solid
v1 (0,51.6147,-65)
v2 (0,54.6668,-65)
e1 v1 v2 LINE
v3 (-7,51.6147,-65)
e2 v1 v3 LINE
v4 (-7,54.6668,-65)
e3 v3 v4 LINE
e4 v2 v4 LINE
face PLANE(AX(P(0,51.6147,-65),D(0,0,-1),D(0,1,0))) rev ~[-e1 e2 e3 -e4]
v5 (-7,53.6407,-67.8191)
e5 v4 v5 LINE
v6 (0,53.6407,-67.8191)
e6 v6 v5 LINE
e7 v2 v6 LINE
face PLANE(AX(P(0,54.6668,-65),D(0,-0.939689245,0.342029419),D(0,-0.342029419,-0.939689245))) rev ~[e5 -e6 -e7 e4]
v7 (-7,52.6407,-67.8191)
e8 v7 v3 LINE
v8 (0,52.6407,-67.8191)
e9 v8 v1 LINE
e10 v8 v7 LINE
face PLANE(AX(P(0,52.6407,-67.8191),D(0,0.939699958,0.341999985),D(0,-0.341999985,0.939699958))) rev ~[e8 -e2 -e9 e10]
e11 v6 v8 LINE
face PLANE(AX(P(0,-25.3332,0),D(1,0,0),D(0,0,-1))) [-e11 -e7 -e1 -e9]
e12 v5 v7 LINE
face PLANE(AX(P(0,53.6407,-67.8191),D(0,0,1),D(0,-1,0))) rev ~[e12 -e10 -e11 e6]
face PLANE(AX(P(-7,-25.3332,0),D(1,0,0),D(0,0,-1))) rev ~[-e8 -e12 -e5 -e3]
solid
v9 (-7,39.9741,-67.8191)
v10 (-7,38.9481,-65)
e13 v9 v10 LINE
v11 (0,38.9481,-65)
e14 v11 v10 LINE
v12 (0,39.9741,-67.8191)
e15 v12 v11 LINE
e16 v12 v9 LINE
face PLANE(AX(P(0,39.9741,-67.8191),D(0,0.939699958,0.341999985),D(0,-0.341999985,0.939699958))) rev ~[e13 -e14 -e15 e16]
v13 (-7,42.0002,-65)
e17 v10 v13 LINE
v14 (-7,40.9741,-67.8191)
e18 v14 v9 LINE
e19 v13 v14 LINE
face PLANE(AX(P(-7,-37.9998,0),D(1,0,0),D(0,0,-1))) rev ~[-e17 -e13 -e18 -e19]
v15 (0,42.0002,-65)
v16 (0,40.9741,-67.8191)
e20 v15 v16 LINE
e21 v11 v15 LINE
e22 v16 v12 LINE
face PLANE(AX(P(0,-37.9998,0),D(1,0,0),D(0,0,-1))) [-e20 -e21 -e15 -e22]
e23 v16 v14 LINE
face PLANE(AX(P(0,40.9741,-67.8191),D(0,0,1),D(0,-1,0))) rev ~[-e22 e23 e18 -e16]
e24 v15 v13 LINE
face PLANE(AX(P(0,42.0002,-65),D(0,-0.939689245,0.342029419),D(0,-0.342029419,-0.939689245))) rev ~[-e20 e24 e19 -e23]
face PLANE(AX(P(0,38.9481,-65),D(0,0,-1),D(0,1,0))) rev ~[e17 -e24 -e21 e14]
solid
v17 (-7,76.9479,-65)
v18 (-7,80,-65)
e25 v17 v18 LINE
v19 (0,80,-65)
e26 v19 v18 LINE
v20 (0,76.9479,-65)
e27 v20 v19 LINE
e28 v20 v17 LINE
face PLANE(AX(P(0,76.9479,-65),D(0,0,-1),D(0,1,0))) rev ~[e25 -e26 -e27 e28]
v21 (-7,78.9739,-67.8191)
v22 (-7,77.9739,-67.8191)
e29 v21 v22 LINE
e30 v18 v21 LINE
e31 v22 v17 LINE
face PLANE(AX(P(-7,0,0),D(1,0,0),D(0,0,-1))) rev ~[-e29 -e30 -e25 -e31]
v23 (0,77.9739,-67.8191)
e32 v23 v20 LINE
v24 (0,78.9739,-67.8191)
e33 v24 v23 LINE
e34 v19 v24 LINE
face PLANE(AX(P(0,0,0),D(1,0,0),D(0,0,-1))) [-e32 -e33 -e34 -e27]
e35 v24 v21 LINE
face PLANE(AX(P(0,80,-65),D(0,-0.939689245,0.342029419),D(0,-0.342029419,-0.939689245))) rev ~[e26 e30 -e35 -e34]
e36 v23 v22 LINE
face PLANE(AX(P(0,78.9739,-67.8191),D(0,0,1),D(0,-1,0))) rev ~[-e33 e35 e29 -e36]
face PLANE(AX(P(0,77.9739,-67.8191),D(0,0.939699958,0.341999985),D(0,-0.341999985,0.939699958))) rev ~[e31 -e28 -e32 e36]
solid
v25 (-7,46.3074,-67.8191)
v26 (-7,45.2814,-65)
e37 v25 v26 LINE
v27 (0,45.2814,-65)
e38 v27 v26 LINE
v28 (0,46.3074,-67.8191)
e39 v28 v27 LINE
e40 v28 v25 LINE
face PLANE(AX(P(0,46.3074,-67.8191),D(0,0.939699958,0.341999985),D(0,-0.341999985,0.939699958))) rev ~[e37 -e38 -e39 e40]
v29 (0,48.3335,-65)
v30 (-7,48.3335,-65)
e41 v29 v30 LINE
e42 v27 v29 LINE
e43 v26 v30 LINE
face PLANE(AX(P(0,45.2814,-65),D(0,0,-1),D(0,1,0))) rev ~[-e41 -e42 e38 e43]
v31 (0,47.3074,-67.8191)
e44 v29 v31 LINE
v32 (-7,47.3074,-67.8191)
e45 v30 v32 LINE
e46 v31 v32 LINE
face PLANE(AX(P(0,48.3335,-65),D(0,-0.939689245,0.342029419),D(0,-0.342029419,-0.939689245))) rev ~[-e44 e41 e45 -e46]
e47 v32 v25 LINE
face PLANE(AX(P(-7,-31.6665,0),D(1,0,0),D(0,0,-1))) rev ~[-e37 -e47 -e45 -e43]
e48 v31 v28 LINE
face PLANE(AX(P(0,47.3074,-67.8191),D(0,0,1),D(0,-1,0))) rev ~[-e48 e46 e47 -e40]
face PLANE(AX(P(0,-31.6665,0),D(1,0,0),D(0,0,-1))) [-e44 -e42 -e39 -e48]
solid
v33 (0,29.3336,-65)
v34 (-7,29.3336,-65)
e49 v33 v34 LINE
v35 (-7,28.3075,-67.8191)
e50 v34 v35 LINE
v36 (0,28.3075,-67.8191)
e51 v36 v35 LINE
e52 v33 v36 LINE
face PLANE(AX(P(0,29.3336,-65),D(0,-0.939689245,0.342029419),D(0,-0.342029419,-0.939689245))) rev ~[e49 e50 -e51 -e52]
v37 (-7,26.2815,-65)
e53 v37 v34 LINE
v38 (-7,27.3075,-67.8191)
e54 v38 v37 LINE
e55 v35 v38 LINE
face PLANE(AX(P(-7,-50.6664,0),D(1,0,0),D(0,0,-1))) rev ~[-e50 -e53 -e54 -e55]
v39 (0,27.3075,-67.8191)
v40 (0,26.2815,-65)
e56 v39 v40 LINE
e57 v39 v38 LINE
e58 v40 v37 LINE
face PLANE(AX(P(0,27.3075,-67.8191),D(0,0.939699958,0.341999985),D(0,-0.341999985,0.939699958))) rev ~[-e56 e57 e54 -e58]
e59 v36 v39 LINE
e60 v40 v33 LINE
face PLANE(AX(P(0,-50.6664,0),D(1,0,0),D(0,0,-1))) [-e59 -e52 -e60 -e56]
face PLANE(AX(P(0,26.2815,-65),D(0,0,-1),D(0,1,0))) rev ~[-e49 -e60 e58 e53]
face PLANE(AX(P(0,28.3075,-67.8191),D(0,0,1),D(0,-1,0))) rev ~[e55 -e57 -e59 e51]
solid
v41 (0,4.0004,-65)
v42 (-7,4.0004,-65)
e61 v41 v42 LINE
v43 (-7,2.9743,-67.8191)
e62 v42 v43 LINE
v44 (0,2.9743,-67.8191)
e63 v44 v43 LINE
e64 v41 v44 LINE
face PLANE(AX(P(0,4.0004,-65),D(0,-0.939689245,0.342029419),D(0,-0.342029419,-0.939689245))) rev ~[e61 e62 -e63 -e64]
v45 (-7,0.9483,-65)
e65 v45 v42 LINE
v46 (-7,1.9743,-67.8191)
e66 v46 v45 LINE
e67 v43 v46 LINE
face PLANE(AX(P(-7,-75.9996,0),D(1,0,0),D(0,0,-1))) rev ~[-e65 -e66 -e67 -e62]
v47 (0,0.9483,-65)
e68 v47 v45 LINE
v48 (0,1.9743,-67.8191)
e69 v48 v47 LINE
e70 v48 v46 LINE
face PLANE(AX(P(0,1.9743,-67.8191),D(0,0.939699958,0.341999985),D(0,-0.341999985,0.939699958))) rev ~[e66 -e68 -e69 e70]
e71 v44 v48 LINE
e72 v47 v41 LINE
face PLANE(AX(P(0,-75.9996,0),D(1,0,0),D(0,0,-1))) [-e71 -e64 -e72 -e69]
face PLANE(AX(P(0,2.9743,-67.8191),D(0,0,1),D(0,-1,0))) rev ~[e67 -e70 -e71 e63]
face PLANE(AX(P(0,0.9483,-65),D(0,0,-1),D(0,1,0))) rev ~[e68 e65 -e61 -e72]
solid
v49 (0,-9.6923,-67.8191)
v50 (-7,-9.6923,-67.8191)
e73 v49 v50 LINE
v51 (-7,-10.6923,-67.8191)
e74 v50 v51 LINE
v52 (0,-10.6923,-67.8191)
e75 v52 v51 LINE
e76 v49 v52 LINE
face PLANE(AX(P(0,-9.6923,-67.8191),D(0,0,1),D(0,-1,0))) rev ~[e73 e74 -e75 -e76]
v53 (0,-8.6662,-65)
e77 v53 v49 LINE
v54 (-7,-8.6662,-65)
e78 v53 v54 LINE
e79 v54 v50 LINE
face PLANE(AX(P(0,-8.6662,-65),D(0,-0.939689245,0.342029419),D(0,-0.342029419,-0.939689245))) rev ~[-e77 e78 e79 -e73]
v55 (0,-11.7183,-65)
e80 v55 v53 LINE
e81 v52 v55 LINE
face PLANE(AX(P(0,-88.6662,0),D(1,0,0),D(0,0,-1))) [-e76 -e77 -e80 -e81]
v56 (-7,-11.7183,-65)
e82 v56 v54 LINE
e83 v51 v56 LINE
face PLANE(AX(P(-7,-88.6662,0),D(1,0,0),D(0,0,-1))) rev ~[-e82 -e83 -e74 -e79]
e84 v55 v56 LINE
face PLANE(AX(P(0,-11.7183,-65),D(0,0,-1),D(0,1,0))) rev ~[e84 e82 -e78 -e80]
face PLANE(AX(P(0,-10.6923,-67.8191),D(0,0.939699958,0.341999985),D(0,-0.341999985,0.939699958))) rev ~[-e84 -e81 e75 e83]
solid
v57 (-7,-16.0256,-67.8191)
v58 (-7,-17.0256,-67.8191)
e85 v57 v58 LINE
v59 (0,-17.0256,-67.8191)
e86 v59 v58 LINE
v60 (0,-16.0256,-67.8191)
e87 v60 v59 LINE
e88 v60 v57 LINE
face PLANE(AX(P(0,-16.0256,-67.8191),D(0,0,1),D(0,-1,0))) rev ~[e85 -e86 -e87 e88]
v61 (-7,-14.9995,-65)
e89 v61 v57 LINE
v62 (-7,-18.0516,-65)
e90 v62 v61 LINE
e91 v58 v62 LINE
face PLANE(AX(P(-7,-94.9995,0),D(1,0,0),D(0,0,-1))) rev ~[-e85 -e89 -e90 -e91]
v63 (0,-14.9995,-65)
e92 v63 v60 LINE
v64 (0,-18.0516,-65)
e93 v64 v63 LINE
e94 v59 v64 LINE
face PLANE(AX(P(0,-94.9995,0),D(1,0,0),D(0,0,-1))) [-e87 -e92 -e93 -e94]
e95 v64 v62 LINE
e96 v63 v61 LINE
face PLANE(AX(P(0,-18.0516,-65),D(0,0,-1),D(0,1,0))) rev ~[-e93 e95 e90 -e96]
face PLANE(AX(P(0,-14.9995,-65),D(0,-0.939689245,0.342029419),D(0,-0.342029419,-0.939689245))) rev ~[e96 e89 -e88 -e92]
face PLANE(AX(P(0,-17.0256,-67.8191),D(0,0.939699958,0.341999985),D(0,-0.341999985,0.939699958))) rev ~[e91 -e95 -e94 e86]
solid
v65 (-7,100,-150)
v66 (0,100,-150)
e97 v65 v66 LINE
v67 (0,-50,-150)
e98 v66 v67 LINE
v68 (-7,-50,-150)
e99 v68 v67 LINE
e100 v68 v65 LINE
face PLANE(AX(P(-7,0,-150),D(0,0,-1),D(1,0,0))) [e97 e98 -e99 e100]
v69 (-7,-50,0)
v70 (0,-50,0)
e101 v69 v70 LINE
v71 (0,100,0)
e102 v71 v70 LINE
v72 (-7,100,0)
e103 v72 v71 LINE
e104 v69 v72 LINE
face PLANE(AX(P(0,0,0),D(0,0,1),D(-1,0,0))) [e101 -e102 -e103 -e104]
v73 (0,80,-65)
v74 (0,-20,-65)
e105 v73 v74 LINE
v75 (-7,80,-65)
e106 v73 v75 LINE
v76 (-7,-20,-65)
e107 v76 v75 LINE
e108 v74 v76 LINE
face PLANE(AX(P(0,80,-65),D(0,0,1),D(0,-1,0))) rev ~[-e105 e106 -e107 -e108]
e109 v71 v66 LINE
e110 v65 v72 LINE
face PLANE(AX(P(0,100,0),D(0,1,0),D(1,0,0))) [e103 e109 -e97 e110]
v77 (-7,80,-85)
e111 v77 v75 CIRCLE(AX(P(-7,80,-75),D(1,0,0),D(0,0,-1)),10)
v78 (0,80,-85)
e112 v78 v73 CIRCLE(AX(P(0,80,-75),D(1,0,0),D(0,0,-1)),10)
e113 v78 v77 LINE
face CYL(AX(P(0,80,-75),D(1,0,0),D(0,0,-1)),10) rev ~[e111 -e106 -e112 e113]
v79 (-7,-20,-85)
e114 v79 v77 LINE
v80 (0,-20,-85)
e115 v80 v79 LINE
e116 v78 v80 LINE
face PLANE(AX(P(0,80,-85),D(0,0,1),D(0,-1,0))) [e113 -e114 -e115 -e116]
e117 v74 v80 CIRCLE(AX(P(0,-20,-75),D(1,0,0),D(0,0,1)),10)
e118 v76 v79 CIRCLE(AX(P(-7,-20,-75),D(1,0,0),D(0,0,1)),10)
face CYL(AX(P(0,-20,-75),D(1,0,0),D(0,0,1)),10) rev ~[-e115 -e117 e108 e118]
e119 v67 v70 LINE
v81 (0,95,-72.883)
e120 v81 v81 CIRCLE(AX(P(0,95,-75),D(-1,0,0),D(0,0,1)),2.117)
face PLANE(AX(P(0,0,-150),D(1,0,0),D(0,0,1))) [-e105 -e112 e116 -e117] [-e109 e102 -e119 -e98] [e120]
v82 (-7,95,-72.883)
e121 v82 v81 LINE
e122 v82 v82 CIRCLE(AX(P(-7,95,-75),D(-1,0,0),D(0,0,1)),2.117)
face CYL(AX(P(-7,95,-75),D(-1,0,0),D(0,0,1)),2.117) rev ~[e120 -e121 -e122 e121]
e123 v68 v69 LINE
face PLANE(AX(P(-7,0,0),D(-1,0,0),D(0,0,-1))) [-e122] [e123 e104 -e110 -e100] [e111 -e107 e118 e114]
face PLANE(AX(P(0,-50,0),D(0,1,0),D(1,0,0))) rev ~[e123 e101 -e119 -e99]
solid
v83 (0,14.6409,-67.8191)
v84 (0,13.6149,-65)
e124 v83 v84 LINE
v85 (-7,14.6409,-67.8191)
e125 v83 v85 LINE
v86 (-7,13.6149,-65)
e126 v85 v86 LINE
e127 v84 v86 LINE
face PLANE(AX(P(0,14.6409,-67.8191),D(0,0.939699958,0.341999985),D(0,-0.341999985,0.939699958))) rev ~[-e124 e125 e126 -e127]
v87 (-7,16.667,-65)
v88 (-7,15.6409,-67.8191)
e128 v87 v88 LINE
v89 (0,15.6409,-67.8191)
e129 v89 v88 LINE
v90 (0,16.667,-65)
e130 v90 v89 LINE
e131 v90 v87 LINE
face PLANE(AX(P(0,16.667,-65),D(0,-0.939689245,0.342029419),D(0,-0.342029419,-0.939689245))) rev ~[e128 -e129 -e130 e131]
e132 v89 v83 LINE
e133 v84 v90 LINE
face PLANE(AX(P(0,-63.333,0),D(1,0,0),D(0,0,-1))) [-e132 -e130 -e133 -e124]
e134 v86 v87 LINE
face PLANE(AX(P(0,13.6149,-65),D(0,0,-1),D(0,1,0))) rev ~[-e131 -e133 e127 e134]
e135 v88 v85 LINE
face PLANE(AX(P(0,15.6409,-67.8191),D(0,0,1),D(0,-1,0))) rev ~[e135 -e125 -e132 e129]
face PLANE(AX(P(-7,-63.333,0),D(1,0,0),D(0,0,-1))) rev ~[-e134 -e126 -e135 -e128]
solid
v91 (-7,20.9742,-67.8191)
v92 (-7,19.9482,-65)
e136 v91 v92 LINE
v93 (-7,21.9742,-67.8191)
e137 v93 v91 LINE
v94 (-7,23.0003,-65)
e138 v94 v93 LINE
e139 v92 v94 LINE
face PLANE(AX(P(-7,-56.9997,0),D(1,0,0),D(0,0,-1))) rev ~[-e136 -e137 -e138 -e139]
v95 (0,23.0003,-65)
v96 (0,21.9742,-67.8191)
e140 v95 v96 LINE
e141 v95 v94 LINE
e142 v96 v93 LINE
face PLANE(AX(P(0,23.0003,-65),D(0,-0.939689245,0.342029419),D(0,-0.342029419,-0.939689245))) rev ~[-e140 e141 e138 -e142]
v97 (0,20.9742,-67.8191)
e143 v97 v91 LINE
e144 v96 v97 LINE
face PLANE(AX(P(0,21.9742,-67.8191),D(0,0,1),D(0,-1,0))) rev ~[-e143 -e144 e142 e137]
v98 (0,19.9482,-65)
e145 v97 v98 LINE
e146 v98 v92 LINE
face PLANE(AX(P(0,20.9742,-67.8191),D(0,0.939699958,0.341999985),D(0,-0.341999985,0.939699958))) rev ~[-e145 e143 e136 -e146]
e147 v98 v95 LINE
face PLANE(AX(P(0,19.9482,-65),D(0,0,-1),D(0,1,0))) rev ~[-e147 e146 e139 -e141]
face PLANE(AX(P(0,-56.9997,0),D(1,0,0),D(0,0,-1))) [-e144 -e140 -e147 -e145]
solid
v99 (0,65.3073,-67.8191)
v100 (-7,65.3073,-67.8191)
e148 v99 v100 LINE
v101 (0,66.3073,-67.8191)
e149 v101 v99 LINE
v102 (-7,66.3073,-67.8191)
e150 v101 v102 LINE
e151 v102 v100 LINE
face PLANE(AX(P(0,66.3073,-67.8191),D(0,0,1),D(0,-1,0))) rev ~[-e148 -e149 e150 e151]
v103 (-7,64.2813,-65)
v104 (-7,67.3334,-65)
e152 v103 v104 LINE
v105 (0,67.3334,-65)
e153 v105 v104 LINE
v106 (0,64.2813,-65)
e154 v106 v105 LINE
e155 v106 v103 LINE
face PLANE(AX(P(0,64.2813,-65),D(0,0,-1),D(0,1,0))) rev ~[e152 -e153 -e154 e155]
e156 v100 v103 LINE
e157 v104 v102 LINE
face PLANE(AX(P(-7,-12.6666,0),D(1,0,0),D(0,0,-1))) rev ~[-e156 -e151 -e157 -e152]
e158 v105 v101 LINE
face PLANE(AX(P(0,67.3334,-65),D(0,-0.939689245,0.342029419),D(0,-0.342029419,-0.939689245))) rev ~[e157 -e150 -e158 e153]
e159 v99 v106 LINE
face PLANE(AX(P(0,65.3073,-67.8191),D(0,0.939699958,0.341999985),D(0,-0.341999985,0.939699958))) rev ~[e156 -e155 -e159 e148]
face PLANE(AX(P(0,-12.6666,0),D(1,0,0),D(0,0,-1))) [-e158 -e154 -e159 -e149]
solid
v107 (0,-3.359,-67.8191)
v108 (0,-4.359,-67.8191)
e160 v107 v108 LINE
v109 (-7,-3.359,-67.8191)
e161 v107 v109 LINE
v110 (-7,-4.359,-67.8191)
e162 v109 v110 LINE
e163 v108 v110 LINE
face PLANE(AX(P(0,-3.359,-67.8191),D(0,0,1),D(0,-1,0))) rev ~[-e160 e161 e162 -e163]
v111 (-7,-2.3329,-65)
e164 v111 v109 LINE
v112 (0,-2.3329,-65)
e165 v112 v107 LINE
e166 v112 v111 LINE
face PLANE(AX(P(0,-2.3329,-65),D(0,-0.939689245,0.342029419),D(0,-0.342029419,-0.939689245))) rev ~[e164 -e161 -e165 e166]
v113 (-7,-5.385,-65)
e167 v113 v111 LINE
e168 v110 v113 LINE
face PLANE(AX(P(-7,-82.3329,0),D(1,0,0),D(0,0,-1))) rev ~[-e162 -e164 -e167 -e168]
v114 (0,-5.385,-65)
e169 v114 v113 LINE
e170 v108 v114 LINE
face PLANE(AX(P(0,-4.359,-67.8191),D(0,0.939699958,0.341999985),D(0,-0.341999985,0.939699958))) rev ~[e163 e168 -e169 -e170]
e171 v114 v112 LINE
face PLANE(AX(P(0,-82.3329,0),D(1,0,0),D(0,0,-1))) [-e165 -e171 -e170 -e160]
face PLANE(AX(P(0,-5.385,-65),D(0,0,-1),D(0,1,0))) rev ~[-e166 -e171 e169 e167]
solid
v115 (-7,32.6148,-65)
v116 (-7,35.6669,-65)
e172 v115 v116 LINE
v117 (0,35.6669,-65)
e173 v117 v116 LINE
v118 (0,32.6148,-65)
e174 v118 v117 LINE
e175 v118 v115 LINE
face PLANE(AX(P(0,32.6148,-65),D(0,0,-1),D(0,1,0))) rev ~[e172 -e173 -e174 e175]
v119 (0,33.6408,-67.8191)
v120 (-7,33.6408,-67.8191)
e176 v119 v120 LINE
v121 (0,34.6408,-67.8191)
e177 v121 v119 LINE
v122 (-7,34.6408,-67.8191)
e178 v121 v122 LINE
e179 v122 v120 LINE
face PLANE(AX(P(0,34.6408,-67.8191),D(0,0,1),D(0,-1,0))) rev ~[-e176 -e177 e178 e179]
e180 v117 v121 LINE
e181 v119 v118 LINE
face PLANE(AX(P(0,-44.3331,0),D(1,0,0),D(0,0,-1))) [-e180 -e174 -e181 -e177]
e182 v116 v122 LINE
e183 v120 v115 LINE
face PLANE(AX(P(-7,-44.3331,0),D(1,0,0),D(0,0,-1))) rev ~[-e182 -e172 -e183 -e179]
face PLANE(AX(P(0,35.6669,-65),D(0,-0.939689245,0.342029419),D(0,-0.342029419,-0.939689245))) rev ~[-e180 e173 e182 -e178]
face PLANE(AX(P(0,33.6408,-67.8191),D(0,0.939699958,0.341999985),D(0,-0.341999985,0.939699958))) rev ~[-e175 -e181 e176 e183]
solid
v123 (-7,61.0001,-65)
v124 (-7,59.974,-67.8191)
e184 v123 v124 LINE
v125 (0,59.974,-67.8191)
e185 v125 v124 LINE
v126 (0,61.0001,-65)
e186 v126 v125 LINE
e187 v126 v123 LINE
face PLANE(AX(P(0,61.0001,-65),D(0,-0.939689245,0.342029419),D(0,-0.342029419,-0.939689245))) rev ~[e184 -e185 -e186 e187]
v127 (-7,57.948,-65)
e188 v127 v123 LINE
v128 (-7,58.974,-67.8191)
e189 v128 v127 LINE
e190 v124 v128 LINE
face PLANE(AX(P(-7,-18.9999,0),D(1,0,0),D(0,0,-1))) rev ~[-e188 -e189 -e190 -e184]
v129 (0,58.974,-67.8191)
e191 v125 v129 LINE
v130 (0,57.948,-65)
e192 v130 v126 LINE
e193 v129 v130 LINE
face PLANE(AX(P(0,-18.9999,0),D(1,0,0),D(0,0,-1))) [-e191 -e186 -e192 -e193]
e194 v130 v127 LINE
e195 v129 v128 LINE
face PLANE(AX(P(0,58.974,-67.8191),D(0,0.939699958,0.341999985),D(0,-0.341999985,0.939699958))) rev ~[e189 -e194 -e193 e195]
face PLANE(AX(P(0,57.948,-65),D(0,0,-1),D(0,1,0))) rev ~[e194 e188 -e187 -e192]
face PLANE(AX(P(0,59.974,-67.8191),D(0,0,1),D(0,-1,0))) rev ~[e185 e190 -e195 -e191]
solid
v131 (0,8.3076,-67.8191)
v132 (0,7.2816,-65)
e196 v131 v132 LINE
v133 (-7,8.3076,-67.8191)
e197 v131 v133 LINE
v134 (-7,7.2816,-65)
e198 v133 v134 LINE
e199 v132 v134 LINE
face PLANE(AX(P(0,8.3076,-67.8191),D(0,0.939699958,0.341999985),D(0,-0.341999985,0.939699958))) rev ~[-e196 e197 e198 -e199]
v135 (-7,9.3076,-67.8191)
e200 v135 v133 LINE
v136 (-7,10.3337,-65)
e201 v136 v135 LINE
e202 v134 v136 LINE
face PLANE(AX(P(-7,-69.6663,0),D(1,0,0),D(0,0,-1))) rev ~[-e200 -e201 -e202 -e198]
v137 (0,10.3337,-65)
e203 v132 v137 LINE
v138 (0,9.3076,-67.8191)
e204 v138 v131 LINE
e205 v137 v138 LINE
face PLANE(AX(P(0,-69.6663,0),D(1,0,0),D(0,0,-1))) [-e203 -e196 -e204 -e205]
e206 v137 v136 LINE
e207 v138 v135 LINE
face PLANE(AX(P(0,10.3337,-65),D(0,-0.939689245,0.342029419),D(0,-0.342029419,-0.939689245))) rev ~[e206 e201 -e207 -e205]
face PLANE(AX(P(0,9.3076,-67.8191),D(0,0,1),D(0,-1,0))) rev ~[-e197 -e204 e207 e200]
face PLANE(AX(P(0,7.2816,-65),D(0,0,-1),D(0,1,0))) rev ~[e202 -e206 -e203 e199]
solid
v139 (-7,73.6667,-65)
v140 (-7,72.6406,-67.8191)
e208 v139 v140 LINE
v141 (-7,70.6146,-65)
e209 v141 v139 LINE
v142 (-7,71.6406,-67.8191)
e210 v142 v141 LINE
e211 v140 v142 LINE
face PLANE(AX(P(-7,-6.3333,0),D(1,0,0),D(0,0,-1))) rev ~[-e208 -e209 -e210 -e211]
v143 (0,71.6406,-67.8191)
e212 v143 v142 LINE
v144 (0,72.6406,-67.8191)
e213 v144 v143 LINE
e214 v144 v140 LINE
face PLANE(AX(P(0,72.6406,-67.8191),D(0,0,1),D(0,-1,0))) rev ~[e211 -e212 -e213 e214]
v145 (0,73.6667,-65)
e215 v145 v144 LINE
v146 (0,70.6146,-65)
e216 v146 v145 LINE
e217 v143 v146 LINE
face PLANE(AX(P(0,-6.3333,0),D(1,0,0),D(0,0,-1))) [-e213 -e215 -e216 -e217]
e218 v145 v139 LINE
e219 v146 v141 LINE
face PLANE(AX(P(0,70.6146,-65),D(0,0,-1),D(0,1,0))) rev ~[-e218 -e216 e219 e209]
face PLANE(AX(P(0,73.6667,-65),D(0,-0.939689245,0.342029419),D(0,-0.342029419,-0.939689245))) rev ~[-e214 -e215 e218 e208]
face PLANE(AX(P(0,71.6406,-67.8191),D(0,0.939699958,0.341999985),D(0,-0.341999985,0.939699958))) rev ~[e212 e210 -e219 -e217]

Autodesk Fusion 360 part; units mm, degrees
sketch "Sketch1" plane through (0, 0, 0) normal (0, 1, 0) x (1, 0, 0)
  line L0 (-7, 150) -> (0, 150)
  line L1 (0, 150) -> (0, 0)
  line L2 (0, 0) -> (-7, 0)
  line L3 (-7, 0) -> (-7, 150)
  dimension "d1" = 7
  dimension "d2" = 150
extrude "Extrude1" add sketch "Sketch1" along normal blind 100 and the other way blind 50 makes body 1
sketch "Sketch3" plane through (0, 0, 0) normal (1, 0, 0) x (0, 0, -1)
  line L0 (150, -50) -> (150, 100)
  line L1 (150, 100) -> (0, 100)
  line L2 (0, 100) -> (0, -50)
  line L3 (0, -50) -> (150, -50)
  line L4 (65, 80) -> (65, -20)
  line L5 (85, 80) -> (85, -20)
  arc A0 (85, 80) -> (65, 80) centre (75, 80) ccw
  arc A1 (65, -20) -> (85, -20) centre (75, -20) ccw
  dimension "d5" = 100
  dimension "d6" = 100
  dimension "d9" = 20
  dimension "d10" = 65
extrude "Extrude2" cut sketch "Sketch3" against normal blind 60 contours L4 L5 A0 A1 bodies 1
sketch "草图4" plane through (-7, 0, 0) normal (-1, 0, 0) x (0, 0, 1)
  line L0 (-65, 80) -> (-65, -20)
  arc A0 (-85, -20) -> (-65, -20) centre (-75, -20) ccw
  line L1 (-85, -20) -> (-85, 80)
  arc A1 (-65, 80) -> (-85, 80) centre (-75, 80) ccw
  line L2 (0, -50) -> (0, 100)
  line L3 (0, 100) -> (-150, 100)
  line L4 (-150, 100) -> (-150, -50)
  line L5 (-150, -50) -> (0, -50)
  circle A2 centre (-75, 95) radius 2.5
  dimension "d13" = 5
  dimension "d14" = 5
extrude "拉伸3" cut sketch "草图4" against normal through all contours A2 bodies 1
sketch "草图5" plane through (0, 0, 0) normal (1, 0, 0) x (0, 0, -1)
  circle A0 centre (75, 95) radius 2.5
  line L0 (65, -20) -> (65, 80)
  arc A1 (85, 80) -> (65, 80) centre (75, 80) ccw
  line L1 (85, 80) -> (85, -20)
  arc A2 (65, -20) -> (85, -20) centre (75, -20) ccw
  line L2 (150, -50) -> (150, 100)
  line L3 (150, 100) -> (0, 100)
  line L4 (0, 100) -> (0, -50)
  line L5 (0, -50) -> (150, -50)
  line L6 (65, 80) -> (67.8191, 78.9739)
  line L7 (65, 80) -> (70, 80) construction
  line L8 (67.8191, 78.9739) -> (67.8191, 77.9739)
  line L9 (67.8191, 77.9739) -> (65, 76.9479)
  line L10 (67.8191, 77.9739) -> (74.6985, 77.9739) construction
  line L11 (65, 80) -> (65, 76.9479)
  dimension "d16" = 20
  dimension "d17" = 3
  dimension "d18" = 1
  dimension "d19" = 160
  dimension "d20" = 3
extrude "拉伸4" add sketch "草图5" against normal blind 7 separate body contours L0 L6 L8 L9 L11 makes body 2
pattern_linear "R-阵列1" count 16 spacing 6.3333 along (0, -1, 0) of "拉伸4" makes body 3 at (-2.3333, 71.6319, -65) makes body 4 at (-4.6667, 65.2986, -65) makes body 5 at (-2.3333, 58.9653, -65) makes body 6 at (-2.3333, 52.6319, -65) makes body 7 at (-2.3333, 46.2986, -65) makes body 8 at (-2.3333, 39.9653, -65) makes body 9 at (-2.3333, 33.6319, -65) makes body 10 at (-4.6667, 27.2986, -65) makes body 11 at (-2.3333, 20.9653, -65) makes body 12 at (-2.3333, 14.6319, -65) makes body 13 at (-2.3333, 8.2986, -65) makes body 14 at (-2.3333, 1.9653, -65) makes body 15 at (-2.3333, -4.3681, -65) makes body 16 at (-2.3333, -10.7014, -65) makes body 17 at (-2.3333, -17.0347, -65)
thread "螺纹1" "ISO Metric profile 5.0 M5x0.8 6H" major diameter 5.12 minor diameter 4.234 pitch 0.8 angle 60 resizes the face on face at (-2.3333, 94.0289, -77.3037) on bodies 1
